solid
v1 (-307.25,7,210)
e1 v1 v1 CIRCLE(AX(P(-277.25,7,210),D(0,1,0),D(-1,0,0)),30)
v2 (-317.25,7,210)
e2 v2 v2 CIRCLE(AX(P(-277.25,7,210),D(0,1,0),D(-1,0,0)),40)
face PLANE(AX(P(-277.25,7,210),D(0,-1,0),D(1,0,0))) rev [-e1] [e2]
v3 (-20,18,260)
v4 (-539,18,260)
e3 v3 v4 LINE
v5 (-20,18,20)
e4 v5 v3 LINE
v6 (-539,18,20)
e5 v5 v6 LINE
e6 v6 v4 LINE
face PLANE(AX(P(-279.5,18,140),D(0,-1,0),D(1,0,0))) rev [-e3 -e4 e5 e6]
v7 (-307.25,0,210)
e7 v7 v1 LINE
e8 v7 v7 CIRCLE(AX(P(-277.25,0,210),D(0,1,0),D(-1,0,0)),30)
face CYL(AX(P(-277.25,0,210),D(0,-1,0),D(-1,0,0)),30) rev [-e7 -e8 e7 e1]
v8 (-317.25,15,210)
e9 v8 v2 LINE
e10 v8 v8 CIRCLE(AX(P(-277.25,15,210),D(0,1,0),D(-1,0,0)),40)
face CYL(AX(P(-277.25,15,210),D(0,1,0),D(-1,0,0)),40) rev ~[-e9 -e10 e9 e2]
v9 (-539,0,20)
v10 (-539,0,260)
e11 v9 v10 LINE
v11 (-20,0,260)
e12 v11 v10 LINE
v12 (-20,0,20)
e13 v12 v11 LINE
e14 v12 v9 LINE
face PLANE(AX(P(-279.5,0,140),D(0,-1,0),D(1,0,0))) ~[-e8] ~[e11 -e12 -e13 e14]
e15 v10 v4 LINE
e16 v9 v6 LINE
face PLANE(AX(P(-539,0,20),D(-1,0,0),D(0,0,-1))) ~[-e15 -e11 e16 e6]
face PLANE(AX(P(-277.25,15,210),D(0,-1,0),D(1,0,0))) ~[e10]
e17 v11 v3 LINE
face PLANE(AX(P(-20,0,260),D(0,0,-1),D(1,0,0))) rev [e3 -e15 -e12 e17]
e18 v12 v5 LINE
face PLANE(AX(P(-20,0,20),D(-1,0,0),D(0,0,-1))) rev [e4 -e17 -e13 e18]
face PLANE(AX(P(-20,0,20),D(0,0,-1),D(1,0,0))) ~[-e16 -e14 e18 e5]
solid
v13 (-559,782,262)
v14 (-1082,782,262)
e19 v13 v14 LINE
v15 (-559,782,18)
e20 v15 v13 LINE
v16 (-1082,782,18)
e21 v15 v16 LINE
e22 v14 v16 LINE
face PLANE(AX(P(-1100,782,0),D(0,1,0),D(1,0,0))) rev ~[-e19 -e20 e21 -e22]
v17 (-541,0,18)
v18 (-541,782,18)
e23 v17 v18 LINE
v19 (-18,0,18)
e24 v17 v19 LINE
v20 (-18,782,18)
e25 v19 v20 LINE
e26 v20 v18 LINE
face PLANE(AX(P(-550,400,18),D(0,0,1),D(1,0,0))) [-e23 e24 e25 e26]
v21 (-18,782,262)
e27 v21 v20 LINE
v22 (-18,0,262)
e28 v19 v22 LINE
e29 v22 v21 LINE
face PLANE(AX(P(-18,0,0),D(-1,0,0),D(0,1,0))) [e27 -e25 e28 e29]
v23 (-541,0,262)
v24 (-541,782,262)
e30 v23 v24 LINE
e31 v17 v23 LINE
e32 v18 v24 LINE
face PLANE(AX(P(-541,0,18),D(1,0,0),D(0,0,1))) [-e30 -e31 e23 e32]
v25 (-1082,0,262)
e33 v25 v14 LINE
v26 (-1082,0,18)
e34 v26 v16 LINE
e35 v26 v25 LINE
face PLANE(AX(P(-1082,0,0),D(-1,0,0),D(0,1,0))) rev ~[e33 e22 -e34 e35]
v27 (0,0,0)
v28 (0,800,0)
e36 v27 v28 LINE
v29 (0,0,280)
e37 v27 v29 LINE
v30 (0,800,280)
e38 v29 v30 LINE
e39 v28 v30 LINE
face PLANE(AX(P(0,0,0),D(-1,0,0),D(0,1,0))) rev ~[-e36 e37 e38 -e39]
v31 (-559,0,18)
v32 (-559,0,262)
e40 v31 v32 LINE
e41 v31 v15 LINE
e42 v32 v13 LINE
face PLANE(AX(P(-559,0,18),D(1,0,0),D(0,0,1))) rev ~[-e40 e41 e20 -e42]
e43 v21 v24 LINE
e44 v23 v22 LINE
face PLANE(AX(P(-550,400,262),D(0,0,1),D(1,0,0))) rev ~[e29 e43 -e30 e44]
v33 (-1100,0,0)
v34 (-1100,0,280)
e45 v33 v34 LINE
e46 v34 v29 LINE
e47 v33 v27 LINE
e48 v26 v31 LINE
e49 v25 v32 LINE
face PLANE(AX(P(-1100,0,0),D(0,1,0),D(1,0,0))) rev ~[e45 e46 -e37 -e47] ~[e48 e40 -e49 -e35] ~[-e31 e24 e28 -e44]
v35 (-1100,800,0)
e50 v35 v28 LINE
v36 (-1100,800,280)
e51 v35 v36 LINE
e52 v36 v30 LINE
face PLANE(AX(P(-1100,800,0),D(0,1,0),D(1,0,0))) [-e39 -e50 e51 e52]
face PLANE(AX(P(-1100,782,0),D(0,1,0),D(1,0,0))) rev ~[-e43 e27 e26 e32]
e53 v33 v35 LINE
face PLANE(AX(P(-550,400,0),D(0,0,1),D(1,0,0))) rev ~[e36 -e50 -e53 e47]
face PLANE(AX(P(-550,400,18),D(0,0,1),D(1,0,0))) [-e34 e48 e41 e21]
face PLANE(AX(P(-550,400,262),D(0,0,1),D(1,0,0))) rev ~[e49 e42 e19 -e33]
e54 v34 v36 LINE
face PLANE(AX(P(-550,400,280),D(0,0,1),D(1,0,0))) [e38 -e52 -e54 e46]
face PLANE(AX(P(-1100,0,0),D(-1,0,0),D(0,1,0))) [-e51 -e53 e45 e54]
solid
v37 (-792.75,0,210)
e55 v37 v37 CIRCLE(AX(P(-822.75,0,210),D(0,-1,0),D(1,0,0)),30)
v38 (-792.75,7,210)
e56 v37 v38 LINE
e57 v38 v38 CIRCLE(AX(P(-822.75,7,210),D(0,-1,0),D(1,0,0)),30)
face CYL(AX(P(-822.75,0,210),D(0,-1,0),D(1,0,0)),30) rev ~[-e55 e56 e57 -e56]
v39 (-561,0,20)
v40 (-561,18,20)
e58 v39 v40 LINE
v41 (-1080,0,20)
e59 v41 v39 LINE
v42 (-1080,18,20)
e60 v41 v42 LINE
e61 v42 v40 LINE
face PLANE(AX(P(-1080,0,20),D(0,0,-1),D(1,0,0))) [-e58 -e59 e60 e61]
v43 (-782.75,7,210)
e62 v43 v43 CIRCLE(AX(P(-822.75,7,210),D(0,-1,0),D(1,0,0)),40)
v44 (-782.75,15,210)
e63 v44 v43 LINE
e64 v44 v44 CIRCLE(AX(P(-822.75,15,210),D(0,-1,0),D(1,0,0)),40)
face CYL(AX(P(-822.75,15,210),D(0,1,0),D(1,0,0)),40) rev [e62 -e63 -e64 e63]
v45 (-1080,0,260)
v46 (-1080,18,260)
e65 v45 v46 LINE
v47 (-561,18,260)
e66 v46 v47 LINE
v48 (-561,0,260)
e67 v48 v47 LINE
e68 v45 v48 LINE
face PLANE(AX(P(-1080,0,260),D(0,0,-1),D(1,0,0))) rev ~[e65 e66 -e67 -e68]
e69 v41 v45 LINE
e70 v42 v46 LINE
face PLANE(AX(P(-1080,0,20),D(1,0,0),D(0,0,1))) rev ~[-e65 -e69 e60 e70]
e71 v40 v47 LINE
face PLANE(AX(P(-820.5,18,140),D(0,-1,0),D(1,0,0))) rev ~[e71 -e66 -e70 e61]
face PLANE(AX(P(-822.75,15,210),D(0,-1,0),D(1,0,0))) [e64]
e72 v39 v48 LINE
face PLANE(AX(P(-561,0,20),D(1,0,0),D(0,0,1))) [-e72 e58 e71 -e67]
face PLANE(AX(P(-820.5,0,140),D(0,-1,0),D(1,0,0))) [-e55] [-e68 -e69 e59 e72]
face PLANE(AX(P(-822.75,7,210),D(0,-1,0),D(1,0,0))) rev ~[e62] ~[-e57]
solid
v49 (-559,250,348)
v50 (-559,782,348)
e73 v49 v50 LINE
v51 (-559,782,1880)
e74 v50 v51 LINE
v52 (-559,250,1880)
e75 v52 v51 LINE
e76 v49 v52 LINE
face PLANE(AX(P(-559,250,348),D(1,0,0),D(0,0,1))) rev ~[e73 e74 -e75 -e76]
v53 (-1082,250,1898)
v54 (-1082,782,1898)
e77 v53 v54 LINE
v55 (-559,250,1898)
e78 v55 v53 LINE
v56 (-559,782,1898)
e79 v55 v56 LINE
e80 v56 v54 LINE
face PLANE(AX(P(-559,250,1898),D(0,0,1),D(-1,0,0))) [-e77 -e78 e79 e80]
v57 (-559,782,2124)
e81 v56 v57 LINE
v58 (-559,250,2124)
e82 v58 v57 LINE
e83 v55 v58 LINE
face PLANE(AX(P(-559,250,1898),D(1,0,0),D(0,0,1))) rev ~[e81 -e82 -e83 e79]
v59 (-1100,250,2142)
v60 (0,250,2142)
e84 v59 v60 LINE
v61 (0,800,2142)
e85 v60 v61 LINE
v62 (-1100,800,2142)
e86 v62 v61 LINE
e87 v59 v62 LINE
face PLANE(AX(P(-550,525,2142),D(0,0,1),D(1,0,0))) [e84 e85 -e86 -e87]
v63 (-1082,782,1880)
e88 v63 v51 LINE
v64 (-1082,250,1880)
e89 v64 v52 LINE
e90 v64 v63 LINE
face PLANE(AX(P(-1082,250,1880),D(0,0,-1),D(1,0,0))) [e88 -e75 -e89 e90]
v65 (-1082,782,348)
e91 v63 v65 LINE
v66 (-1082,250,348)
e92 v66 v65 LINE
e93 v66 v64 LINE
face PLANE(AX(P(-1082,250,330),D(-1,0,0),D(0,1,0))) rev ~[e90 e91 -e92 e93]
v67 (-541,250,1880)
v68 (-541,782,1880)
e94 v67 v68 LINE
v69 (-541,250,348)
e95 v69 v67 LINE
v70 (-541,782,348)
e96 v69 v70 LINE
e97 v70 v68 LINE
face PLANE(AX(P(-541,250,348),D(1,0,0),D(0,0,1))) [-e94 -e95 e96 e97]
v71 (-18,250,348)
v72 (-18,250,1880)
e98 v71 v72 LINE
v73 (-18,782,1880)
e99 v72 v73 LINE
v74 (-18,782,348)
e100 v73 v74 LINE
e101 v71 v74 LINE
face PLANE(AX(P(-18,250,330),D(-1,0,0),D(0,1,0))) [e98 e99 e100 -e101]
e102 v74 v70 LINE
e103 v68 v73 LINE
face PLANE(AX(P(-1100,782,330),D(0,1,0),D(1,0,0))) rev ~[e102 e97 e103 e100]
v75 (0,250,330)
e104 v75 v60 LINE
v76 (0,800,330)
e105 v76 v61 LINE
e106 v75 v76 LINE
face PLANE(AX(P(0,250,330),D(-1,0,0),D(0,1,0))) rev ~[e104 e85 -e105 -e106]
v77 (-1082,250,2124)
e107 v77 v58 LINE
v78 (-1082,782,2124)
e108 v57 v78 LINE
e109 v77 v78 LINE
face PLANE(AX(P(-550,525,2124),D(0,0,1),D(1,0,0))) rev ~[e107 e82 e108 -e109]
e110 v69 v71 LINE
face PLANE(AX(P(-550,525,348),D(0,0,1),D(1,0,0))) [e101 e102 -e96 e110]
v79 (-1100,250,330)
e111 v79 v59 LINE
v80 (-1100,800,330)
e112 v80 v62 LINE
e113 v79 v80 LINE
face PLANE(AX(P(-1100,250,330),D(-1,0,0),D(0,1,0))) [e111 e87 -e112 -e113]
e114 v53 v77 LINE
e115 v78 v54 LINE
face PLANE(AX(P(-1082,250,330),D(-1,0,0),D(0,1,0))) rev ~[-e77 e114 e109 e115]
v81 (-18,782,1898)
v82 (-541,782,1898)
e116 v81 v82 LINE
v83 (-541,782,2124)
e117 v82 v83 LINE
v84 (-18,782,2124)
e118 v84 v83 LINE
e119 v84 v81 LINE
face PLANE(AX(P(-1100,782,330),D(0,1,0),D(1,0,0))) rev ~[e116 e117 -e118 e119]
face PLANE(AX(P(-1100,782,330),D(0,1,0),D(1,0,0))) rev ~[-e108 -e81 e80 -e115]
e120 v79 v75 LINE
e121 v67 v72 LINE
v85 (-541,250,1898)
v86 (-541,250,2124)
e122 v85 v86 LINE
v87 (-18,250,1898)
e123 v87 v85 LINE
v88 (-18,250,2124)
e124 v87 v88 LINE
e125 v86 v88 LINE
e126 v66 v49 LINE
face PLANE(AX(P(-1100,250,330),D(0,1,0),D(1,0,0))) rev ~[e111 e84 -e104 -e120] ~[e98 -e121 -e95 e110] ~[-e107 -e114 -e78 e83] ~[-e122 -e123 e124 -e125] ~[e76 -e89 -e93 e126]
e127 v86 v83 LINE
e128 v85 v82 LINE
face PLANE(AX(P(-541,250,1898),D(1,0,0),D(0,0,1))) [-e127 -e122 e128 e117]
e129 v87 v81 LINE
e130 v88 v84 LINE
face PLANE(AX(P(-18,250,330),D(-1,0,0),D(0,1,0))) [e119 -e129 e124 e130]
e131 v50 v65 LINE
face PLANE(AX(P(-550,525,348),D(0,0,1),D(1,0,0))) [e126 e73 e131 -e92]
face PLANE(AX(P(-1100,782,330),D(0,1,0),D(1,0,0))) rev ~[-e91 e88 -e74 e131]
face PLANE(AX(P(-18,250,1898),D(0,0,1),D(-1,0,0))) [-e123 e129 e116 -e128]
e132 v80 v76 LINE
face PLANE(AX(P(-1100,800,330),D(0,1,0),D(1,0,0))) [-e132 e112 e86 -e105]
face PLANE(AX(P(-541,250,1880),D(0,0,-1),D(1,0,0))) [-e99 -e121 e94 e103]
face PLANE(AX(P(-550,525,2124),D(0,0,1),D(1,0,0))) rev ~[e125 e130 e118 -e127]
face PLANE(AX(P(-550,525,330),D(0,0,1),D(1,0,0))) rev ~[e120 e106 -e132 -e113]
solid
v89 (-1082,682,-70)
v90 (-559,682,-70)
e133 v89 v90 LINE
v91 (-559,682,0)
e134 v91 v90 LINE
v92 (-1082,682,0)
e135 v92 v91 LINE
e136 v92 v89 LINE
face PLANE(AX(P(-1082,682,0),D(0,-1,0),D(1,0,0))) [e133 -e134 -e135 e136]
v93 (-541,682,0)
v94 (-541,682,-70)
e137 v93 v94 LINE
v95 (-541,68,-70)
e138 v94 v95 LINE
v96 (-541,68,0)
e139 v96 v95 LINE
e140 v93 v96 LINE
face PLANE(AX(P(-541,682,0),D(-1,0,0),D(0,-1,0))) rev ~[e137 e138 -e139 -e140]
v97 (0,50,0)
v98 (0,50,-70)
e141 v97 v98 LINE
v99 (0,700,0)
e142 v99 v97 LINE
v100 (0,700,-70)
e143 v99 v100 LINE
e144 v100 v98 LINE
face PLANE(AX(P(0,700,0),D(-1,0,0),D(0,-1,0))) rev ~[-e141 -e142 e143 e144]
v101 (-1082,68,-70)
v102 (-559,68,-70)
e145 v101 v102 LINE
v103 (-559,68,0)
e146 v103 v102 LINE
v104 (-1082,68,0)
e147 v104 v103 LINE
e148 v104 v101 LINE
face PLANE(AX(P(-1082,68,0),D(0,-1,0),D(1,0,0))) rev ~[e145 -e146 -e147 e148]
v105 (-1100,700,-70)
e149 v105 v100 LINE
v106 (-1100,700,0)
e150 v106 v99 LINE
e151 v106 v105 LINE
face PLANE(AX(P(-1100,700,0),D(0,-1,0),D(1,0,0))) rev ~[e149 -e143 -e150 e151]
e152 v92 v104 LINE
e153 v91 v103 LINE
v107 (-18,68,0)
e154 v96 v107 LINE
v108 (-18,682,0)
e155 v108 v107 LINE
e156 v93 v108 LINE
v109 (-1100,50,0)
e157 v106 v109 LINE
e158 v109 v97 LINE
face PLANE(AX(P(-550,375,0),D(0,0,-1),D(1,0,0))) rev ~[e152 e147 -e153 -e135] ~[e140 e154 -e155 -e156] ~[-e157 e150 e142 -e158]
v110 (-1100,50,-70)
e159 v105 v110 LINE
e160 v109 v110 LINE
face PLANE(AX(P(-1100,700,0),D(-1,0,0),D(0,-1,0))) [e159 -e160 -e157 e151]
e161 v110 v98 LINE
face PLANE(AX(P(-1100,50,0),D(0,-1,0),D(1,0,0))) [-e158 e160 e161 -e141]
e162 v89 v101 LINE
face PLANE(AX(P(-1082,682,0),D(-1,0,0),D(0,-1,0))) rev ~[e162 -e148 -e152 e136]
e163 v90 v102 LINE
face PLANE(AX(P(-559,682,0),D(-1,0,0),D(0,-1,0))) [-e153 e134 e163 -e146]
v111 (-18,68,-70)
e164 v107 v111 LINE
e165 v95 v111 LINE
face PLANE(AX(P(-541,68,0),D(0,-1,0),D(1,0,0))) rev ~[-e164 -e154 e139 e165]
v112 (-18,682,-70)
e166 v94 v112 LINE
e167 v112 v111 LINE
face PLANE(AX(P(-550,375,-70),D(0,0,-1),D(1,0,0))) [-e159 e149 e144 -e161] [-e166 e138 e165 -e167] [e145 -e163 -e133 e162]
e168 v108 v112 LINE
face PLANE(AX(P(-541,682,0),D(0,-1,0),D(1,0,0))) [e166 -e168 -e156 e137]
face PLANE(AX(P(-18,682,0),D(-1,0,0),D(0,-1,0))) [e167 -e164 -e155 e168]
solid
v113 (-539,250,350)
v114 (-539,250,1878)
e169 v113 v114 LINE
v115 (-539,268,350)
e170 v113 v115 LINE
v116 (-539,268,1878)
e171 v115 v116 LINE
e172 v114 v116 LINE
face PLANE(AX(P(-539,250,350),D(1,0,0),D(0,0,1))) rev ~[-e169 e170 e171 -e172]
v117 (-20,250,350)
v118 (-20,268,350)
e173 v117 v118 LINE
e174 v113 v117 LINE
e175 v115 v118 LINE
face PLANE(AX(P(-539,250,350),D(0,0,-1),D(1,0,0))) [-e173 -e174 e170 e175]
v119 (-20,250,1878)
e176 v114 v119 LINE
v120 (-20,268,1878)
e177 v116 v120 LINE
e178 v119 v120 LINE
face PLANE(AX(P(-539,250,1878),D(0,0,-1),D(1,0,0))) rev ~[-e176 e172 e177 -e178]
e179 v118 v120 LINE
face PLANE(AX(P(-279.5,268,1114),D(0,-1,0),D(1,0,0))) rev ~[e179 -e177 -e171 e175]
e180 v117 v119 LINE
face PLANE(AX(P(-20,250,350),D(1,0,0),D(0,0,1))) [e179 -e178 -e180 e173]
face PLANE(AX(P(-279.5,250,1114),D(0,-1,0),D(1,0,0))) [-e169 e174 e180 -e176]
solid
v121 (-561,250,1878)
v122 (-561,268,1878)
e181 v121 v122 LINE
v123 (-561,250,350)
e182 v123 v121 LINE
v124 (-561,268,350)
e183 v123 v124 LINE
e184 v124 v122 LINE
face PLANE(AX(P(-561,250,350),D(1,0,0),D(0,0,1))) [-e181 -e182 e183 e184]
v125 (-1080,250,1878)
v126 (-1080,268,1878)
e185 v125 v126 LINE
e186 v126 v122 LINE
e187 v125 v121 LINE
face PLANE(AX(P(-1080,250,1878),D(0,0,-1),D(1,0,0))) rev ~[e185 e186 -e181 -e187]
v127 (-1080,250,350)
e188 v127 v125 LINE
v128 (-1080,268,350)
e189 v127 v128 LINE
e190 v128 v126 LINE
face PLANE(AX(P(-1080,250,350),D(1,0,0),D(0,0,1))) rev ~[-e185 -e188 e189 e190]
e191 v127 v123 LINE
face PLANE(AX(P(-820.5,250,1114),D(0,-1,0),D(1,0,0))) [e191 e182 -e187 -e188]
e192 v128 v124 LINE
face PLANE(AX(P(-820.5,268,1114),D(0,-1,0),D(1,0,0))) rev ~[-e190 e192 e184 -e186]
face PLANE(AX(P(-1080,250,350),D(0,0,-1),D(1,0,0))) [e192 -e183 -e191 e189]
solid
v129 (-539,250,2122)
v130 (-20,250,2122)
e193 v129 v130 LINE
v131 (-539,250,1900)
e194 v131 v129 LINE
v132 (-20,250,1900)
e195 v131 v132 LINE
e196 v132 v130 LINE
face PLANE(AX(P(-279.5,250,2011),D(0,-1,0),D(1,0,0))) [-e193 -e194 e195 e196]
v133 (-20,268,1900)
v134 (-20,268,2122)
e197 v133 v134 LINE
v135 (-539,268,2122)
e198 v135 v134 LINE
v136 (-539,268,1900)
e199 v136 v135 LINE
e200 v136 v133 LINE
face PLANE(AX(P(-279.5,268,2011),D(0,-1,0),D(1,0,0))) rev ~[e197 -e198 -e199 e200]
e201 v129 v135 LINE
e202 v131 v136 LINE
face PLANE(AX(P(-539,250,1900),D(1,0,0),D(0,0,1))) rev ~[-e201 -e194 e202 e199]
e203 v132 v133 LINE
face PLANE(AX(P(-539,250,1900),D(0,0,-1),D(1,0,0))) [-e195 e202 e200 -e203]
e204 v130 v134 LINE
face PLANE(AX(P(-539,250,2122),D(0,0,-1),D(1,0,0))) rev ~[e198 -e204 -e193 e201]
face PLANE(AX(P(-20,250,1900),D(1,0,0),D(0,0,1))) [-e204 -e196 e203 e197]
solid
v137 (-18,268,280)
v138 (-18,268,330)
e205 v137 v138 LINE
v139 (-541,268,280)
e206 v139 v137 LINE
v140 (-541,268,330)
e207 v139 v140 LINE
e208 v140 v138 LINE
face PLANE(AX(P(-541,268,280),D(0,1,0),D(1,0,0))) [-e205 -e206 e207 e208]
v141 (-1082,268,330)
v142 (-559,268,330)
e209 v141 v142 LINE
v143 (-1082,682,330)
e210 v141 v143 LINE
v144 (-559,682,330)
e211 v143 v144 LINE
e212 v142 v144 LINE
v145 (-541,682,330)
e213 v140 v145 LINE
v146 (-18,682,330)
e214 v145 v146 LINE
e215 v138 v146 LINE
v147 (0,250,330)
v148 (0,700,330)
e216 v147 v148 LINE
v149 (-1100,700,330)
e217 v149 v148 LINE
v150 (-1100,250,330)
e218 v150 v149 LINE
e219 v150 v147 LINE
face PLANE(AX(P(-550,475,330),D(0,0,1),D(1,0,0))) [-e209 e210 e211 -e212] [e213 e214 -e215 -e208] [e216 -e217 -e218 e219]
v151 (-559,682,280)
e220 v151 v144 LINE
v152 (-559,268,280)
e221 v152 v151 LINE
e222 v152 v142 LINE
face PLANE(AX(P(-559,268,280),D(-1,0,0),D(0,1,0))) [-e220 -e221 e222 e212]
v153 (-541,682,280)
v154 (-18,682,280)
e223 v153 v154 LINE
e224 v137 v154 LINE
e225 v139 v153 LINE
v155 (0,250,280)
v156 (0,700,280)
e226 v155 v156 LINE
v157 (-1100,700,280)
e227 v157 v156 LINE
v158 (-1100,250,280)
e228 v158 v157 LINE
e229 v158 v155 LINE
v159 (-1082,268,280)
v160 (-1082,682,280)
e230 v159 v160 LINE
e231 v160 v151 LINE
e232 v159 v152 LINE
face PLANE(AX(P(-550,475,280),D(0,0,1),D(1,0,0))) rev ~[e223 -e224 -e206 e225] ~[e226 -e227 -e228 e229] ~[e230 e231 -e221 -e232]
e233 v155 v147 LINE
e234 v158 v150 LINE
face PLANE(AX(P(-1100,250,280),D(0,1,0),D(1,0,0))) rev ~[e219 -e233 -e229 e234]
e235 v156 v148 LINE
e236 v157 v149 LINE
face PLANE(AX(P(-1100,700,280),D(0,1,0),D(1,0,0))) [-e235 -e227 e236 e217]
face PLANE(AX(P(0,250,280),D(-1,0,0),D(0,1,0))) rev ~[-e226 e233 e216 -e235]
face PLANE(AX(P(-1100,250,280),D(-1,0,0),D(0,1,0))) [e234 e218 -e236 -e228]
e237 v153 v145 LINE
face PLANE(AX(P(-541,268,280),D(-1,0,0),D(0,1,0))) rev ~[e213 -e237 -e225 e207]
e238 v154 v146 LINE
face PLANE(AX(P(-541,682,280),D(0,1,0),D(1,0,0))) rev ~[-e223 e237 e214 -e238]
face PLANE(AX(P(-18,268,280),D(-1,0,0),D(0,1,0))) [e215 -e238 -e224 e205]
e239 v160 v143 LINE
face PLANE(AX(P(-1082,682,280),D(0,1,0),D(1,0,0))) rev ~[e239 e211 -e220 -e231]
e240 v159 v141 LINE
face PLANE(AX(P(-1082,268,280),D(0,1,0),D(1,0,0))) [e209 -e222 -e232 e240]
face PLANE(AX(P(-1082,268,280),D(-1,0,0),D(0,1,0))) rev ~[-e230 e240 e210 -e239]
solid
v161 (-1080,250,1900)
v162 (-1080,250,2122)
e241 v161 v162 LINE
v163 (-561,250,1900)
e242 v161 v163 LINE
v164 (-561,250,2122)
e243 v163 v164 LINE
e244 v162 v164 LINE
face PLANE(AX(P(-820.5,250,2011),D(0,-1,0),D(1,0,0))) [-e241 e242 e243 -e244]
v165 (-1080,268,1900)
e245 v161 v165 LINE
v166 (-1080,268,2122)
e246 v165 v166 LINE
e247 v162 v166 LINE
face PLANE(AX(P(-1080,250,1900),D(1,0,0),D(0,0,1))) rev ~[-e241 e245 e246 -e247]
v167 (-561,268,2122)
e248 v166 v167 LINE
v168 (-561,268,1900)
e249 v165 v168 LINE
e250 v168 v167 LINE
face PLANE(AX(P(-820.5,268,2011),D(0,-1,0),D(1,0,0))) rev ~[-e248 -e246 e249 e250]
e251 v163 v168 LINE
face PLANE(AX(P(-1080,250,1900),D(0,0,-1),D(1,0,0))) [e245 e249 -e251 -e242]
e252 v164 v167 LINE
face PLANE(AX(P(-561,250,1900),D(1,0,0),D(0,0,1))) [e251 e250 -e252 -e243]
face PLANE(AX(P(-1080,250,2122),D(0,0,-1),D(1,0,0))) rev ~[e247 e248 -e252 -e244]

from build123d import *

# Parameters (mm, degrees)
F0_W      = 1100
F0_H      = 800
F1_DEPTH  = 280
F2_T      = -18
F3_W      = 18
F3_H      = 244
F4_DEPTH  = 782
F5_W      = 519
F5_H      = 240
F6_DEPTH  = 18
F8_R      = 30
F9_DEPTH  = 15
F10_R     = 40
F11_DEPTH = 8
F13_W     = 1100
F13_H     = 650
F13_W_2   = 523
F13_H_2   = 614
F14_DEPTH = 70
F15_W     = 1100
F15_H     = 450
F15_W_2   = 523
F15_H_2   = 414
F16_DEPTH = 50
F17_W     = 1100
F17_H     = 550
F18_DEPTH = 1812
F19_T     = -18
F20_W     = 18
F20_H     = 1532
F20_W_2   = 523
F20_H_2   = 18
F20_H_3   = 226
F21_DEPTH = 532
F22_W     = 519
F22_H     = 1528
F23_DEPTH = 18
F22_H_2   = 222


with BuildPart() as f1:
    # F0 (on Top) → F1 (new body)
    with BuildSketch(Plane.XY):
        with Locations((-550, 400)):
            Rectangle(F0_W, F0_H)
    extrude(amount=F1_DEPTH)

    # F2
    f2_openings = [f1.faces().sort_by_distance(p)[0] for p in [
        (-550, 0, 140),
    ]]
    offset(amount=F2_T, openings=f2_openings)

    # F3 (on face) → F4 (join, through all)
    with BuildSketch(Plane.XZ):
        with Locations((-550, 140)):
            Rectangle(F3_W, F3_H)
    extrude(amount=-F4_DEPTH)


with BuildPart() as f6:
    # F5 (on face) → F6 (new body)
    with BuildSketch(Plane.XZ):
        with Locations((-820.5, 140)):
            Rectangle(F5_W, F5_H)
    extrude(amount=-F6_DEPTH)

    # F8 (on face) → F9 (cut)
    with BuildSketch(Plane.XZ):
        with Locations((-822.75, 210)):
            Circle(F8_R)
    extrude(amount=-F9_DEPTH, mode=Mode.SUBTRACT)

    # F10 (on face) → F11 (cut)
    with BuildSketch(Plane.XZ.offset(-15)):
        with Locations((-822.75, 210)):
            Circle(F10_R)
    extrude(amount=F11_DEPTH, mode=Mode.SUBTRACT)


with BuildPart() as f12_1:
    # F12: instance of F6
    add(f6.part.mirror(Plane(origin=(-550, 400, 140), x_dir=(0, 1, 0), z_dir=(1, 0, 0))))


with BuildPart() as f14:
    # F13 (on face) → F14 (new body)
    with BuildSketch(Plane(origin=(0, 0, 0), x_dir=(1, 0, 0), z_dir=(0, 0, -1))):
        with Locations((-550, -375)):
            Rectangle(F13_W, F13_H)
        with Locations((-820.5, -375)):
            Rectangle(F13_W_2, F13_H_2, mode=Mode.SUBTRACT)
        with Locations((-279.5, -375)):
            Rectangle(F13_W_2, F13_H_2, mode=Mode.SUBTRACT)
    extrude(amount=F14_DEPTH)


with BuildPart() as f16:
    # F15 (on face) → F16 (new body)
    with BuildSketch(Plane.XY.offset(280)):
        with Locations((-550, 475)):
            Rectangle(F15_W, F15_H)
        with Locations((-820.5, 475)):
            Rectangle(F15_W_2, F15_H_2, mode=Mode.SUBTRACT)
        with Locations((-279.5, 475)):
            Rectangle(F15_W_2, F15_H_2, mode=Mode.SUBTRACT)
    extrude(amount=F16_DEPTH)


with BuildPart() as f18:
    # F17 (on face) → F18 (new body)
    with BuildSketch(Plane.XY.offset(330)):
        with Locations((-550, 525)):
            Rectangle(F17_W, F17_H)
    extrude(amount=F18_DEPTH)

    # F19
    f19_openings = [f18.faces().sort_by_distance(p)[0] for p in [
        (-550, 250, 1236),
    ]]
    offset(amount=F19_T, openings=f19_openings)

    # F20 (on face) → F21 (join, through all)
    with BuildSketch(Plane.XZ.offset(-250)):
        with Locations((-550, 1114)):
            Rectangle(F20_W, F20_H)
        with Locations((-820.5, 1889)):
            Rectangle(F20_W_2, F20_H_2)
        with Locations((-550, 1889)):
            Rectangle(F20_W, F20_H_2)
        with Locations((-279.5, 1889)):
            Rectangle(F20_W_2, F20_H_2)
        with Locations((-550, 2011)):
            Rectangle(F20_W, F20_H_3)
    extrude(amount=-F21_DEPTH)


with BuildPart() as f23:
    # F22 (on face) → F23 (new body)
    with BuildSketch(Plane.XZ.offset(-250)):
        with Locations((-820.5, 1114)):
            Rectangle(F22_W, F22_H)
    extrude(amount=-F23_DEPTH)


with BuildPart() as f23b:
    # F22 (on face) → F23, piece 2 (new body)
    with BuildSketch(Plane.XZ.offset(-250)):
        with Locations((-820.5, 2011)):
            Rectangle(F22_W, F22_H_2)
    extrude(amount=-F23_DEPTH)


with BuildPart() as f23c:
    # F22 (on face) → F23, piece 3 (new body)
    with BuildSketch(Plane.XZ.offset(-250)):
        with Locations((-279.5, 2011)):
            Rectangle(F22_W, F22_H_2)
    extrude(amount=-F23_DEPTH)


with BuildPart() as f23d:
    # F22 (on face) → F23, piece 4 (new body)
    with BuildSketch(Plane.XZ.offset(-250)):
        with Locations((-279.5, 1114)):
            Rectangle(F22_W, F22_H)
    extrude(amount=-F23_DEPTH)


solid = Compound([f1.part, f6.part, f12_1.part, f14.part, f16.part, f18.part, f23.part, f23b.part, f23c.part, f23d.part])
